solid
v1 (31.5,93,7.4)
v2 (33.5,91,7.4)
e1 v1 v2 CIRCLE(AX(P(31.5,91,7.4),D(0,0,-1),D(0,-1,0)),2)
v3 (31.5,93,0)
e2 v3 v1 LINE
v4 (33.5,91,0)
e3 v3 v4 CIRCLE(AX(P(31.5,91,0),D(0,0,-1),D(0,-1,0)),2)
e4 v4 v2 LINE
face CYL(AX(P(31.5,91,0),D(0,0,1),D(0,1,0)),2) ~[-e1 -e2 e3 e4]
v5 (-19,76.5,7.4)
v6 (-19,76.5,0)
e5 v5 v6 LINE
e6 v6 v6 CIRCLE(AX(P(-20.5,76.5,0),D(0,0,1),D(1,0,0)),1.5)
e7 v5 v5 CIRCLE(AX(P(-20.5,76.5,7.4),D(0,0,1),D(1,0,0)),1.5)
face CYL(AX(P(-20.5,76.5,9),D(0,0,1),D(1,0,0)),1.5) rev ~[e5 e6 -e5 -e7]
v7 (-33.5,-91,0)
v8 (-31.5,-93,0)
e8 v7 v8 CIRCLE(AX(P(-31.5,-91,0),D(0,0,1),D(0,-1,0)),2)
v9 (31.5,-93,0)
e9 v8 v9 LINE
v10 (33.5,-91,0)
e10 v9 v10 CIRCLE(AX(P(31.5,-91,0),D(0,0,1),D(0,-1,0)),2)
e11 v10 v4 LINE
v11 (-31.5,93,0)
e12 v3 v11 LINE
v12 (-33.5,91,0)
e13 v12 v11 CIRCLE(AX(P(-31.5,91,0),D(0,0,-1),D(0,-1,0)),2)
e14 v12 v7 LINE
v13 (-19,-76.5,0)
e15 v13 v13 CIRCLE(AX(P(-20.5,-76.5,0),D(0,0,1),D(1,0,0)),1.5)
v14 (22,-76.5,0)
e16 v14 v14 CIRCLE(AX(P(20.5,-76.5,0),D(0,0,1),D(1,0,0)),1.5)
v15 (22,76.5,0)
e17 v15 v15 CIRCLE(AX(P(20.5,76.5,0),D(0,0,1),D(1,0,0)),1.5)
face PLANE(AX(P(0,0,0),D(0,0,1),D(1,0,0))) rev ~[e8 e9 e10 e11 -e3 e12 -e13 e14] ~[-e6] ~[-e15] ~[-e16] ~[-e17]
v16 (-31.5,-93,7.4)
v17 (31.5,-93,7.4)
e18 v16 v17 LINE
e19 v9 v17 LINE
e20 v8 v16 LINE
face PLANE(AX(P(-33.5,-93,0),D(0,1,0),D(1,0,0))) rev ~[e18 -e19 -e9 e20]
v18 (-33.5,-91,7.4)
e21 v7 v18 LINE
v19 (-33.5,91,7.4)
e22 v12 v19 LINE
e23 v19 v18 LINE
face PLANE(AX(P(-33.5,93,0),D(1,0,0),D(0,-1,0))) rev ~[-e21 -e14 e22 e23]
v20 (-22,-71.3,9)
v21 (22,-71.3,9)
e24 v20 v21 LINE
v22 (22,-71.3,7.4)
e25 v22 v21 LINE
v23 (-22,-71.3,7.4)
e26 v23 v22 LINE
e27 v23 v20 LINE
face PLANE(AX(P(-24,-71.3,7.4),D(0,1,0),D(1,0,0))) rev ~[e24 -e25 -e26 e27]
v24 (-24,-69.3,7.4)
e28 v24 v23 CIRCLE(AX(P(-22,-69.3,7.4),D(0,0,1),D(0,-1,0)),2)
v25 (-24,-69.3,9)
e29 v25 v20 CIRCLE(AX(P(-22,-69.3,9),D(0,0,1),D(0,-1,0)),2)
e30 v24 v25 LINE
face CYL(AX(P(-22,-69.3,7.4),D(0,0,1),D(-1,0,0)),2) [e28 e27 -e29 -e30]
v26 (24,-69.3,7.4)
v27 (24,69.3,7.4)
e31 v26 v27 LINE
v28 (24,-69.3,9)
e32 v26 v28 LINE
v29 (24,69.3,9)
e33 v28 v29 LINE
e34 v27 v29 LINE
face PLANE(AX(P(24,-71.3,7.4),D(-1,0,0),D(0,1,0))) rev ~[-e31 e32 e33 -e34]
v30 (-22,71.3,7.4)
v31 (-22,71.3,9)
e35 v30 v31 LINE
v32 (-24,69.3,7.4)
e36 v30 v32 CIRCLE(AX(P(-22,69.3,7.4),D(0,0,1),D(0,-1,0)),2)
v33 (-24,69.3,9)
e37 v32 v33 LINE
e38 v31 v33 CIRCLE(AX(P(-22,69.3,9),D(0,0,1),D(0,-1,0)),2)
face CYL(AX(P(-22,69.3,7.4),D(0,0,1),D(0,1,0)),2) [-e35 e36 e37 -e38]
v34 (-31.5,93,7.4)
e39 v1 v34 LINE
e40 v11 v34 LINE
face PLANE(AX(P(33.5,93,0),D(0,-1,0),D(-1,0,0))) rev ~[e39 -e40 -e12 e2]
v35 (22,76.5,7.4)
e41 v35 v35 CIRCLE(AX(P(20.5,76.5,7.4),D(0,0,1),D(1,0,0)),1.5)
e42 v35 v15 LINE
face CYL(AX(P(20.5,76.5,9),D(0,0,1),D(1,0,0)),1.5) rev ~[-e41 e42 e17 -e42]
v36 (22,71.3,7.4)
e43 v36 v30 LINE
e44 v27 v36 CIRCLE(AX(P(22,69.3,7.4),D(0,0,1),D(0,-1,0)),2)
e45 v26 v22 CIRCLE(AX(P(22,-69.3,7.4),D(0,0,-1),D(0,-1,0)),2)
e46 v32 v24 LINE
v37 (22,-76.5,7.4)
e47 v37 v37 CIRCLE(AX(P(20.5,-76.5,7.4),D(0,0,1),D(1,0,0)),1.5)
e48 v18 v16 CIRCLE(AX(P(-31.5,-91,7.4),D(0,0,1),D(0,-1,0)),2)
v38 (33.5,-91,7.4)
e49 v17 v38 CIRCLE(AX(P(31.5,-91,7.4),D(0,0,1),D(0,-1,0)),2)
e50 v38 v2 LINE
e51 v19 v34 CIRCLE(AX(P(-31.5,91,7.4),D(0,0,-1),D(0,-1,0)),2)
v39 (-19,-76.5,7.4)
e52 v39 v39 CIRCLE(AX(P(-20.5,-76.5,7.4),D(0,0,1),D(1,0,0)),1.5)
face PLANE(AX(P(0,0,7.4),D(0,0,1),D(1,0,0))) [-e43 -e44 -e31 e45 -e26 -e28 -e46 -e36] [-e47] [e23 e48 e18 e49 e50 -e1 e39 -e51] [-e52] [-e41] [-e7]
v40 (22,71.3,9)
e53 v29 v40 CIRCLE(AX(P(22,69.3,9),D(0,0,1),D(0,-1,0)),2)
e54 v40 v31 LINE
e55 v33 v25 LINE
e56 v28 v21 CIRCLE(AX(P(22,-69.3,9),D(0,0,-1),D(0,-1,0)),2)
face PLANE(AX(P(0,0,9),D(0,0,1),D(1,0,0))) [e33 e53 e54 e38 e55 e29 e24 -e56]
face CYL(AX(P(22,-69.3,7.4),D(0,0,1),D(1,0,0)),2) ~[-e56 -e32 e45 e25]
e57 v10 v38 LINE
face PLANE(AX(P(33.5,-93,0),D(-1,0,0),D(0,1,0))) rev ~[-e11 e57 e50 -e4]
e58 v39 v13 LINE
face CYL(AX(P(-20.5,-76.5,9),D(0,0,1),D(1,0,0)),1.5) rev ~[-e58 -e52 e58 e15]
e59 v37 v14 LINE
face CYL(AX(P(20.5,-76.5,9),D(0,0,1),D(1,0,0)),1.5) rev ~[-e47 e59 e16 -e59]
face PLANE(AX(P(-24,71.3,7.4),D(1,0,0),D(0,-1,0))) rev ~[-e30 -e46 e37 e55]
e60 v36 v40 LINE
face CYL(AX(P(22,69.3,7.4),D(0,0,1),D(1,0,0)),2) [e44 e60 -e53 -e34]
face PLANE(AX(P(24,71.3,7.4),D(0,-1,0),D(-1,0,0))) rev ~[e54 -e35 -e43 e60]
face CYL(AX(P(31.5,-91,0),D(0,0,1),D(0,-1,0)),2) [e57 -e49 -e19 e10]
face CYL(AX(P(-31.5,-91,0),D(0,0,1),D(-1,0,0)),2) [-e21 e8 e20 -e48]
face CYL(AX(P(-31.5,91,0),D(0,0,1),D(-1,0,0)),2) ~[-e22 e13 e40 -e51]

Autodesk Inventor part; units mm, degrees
ref_plane "YZ Plane" through (0, 0, 0) normal (1, 0, 0) x (0, 1, 0)
ref_plane "XZ Plane" through (0, 0, 0) normal (0, 1, 0) x (-1, 0, 0)
ref_plane "XY Plane" through (0, 0, 0) normal (0, 0, 1) x (1, 0, 0)
sketch "Sketch1" plane through (0, 0, 0) normal (0, 0, 1) x (1, 0, 0)
  line L0 (-33.5, -93) -> (33.5, -93)
  line L1 (33.5, -93) -> (33.5, 93)
  line L2 (33.5, 93) -> (-33.5, 93)
  line L3 (-33.5, 93) -> (-33.5, -93)
  line L4 (-33.5, -93) -> (33.5, 93) construction
  line L5 (33.5, -93) -> (-33.5, 93) construction
  point P0 (0, 0)
  dimension "d0" = 67
  dimension "d1" = 186
extrude "Extrusion1" add sketch "Sketch1" along normal blind 7.4
sketch "Sketch2" plane through (0, 0, 7.4) normal (0, 0, 1) x (1, 0, 0)
  line L0 (24, 71.3) -> (-24, 71.3)
  line L1 (-24, 71.3) -> (-24, -71.3)
  line L2 (-24, -71.3) -> (24, -71.3)
  line L3 (24, -71.3) -> (24, 71.3)
  line L4 (24, 71.3) -> (-24, -71.3) construction
  line L5 (-24, 71.3) -> (24, -71.3) construction
  point P0 (0, 0)
  dimension "d4" = 48
  dimension "d5" = 142.6
extrude "Extrusion2" add sketch "Sketch2" along normal blind 1.6
fillet "Fillet1" radius 2 8 edges at (24, 71.3, 8.2) (-24, 71.3, 8.2) (-24, -71.3, 8.2) (24, -71.3, 8.2) (-33.5, 93, 3.7) (33.5, 93, 3.7) (-33.5, -93, 3.7) (33.5, -93, 3.7)
sketch "Sketch3" plane through (0, 0, 9) normal (0, 0, 1) x (1, 0, 0)
  circle A0 centre (-20.5, -76.5) radius 1.5
  line L0 (-46.9, 0) -> (46.9, 0) construction
  line L1 (0, -130.2) -> (0, 130.2) construction
  circle A1 centre (-20.5, 76.5) radius 1.5
  circle A2 centre (20.5, -76.5) radius 1.5
  circle A3 centre (20.5, 76.5) radius 1.5
  point P0 (0, 0)
  dimension "d9" = 3
  dimension "d10" = 41
  dimension "d11" = 153
extrude "Extrusion3" cut sketch "Sketch3" against normal through all
properties part number "PanelJig"
